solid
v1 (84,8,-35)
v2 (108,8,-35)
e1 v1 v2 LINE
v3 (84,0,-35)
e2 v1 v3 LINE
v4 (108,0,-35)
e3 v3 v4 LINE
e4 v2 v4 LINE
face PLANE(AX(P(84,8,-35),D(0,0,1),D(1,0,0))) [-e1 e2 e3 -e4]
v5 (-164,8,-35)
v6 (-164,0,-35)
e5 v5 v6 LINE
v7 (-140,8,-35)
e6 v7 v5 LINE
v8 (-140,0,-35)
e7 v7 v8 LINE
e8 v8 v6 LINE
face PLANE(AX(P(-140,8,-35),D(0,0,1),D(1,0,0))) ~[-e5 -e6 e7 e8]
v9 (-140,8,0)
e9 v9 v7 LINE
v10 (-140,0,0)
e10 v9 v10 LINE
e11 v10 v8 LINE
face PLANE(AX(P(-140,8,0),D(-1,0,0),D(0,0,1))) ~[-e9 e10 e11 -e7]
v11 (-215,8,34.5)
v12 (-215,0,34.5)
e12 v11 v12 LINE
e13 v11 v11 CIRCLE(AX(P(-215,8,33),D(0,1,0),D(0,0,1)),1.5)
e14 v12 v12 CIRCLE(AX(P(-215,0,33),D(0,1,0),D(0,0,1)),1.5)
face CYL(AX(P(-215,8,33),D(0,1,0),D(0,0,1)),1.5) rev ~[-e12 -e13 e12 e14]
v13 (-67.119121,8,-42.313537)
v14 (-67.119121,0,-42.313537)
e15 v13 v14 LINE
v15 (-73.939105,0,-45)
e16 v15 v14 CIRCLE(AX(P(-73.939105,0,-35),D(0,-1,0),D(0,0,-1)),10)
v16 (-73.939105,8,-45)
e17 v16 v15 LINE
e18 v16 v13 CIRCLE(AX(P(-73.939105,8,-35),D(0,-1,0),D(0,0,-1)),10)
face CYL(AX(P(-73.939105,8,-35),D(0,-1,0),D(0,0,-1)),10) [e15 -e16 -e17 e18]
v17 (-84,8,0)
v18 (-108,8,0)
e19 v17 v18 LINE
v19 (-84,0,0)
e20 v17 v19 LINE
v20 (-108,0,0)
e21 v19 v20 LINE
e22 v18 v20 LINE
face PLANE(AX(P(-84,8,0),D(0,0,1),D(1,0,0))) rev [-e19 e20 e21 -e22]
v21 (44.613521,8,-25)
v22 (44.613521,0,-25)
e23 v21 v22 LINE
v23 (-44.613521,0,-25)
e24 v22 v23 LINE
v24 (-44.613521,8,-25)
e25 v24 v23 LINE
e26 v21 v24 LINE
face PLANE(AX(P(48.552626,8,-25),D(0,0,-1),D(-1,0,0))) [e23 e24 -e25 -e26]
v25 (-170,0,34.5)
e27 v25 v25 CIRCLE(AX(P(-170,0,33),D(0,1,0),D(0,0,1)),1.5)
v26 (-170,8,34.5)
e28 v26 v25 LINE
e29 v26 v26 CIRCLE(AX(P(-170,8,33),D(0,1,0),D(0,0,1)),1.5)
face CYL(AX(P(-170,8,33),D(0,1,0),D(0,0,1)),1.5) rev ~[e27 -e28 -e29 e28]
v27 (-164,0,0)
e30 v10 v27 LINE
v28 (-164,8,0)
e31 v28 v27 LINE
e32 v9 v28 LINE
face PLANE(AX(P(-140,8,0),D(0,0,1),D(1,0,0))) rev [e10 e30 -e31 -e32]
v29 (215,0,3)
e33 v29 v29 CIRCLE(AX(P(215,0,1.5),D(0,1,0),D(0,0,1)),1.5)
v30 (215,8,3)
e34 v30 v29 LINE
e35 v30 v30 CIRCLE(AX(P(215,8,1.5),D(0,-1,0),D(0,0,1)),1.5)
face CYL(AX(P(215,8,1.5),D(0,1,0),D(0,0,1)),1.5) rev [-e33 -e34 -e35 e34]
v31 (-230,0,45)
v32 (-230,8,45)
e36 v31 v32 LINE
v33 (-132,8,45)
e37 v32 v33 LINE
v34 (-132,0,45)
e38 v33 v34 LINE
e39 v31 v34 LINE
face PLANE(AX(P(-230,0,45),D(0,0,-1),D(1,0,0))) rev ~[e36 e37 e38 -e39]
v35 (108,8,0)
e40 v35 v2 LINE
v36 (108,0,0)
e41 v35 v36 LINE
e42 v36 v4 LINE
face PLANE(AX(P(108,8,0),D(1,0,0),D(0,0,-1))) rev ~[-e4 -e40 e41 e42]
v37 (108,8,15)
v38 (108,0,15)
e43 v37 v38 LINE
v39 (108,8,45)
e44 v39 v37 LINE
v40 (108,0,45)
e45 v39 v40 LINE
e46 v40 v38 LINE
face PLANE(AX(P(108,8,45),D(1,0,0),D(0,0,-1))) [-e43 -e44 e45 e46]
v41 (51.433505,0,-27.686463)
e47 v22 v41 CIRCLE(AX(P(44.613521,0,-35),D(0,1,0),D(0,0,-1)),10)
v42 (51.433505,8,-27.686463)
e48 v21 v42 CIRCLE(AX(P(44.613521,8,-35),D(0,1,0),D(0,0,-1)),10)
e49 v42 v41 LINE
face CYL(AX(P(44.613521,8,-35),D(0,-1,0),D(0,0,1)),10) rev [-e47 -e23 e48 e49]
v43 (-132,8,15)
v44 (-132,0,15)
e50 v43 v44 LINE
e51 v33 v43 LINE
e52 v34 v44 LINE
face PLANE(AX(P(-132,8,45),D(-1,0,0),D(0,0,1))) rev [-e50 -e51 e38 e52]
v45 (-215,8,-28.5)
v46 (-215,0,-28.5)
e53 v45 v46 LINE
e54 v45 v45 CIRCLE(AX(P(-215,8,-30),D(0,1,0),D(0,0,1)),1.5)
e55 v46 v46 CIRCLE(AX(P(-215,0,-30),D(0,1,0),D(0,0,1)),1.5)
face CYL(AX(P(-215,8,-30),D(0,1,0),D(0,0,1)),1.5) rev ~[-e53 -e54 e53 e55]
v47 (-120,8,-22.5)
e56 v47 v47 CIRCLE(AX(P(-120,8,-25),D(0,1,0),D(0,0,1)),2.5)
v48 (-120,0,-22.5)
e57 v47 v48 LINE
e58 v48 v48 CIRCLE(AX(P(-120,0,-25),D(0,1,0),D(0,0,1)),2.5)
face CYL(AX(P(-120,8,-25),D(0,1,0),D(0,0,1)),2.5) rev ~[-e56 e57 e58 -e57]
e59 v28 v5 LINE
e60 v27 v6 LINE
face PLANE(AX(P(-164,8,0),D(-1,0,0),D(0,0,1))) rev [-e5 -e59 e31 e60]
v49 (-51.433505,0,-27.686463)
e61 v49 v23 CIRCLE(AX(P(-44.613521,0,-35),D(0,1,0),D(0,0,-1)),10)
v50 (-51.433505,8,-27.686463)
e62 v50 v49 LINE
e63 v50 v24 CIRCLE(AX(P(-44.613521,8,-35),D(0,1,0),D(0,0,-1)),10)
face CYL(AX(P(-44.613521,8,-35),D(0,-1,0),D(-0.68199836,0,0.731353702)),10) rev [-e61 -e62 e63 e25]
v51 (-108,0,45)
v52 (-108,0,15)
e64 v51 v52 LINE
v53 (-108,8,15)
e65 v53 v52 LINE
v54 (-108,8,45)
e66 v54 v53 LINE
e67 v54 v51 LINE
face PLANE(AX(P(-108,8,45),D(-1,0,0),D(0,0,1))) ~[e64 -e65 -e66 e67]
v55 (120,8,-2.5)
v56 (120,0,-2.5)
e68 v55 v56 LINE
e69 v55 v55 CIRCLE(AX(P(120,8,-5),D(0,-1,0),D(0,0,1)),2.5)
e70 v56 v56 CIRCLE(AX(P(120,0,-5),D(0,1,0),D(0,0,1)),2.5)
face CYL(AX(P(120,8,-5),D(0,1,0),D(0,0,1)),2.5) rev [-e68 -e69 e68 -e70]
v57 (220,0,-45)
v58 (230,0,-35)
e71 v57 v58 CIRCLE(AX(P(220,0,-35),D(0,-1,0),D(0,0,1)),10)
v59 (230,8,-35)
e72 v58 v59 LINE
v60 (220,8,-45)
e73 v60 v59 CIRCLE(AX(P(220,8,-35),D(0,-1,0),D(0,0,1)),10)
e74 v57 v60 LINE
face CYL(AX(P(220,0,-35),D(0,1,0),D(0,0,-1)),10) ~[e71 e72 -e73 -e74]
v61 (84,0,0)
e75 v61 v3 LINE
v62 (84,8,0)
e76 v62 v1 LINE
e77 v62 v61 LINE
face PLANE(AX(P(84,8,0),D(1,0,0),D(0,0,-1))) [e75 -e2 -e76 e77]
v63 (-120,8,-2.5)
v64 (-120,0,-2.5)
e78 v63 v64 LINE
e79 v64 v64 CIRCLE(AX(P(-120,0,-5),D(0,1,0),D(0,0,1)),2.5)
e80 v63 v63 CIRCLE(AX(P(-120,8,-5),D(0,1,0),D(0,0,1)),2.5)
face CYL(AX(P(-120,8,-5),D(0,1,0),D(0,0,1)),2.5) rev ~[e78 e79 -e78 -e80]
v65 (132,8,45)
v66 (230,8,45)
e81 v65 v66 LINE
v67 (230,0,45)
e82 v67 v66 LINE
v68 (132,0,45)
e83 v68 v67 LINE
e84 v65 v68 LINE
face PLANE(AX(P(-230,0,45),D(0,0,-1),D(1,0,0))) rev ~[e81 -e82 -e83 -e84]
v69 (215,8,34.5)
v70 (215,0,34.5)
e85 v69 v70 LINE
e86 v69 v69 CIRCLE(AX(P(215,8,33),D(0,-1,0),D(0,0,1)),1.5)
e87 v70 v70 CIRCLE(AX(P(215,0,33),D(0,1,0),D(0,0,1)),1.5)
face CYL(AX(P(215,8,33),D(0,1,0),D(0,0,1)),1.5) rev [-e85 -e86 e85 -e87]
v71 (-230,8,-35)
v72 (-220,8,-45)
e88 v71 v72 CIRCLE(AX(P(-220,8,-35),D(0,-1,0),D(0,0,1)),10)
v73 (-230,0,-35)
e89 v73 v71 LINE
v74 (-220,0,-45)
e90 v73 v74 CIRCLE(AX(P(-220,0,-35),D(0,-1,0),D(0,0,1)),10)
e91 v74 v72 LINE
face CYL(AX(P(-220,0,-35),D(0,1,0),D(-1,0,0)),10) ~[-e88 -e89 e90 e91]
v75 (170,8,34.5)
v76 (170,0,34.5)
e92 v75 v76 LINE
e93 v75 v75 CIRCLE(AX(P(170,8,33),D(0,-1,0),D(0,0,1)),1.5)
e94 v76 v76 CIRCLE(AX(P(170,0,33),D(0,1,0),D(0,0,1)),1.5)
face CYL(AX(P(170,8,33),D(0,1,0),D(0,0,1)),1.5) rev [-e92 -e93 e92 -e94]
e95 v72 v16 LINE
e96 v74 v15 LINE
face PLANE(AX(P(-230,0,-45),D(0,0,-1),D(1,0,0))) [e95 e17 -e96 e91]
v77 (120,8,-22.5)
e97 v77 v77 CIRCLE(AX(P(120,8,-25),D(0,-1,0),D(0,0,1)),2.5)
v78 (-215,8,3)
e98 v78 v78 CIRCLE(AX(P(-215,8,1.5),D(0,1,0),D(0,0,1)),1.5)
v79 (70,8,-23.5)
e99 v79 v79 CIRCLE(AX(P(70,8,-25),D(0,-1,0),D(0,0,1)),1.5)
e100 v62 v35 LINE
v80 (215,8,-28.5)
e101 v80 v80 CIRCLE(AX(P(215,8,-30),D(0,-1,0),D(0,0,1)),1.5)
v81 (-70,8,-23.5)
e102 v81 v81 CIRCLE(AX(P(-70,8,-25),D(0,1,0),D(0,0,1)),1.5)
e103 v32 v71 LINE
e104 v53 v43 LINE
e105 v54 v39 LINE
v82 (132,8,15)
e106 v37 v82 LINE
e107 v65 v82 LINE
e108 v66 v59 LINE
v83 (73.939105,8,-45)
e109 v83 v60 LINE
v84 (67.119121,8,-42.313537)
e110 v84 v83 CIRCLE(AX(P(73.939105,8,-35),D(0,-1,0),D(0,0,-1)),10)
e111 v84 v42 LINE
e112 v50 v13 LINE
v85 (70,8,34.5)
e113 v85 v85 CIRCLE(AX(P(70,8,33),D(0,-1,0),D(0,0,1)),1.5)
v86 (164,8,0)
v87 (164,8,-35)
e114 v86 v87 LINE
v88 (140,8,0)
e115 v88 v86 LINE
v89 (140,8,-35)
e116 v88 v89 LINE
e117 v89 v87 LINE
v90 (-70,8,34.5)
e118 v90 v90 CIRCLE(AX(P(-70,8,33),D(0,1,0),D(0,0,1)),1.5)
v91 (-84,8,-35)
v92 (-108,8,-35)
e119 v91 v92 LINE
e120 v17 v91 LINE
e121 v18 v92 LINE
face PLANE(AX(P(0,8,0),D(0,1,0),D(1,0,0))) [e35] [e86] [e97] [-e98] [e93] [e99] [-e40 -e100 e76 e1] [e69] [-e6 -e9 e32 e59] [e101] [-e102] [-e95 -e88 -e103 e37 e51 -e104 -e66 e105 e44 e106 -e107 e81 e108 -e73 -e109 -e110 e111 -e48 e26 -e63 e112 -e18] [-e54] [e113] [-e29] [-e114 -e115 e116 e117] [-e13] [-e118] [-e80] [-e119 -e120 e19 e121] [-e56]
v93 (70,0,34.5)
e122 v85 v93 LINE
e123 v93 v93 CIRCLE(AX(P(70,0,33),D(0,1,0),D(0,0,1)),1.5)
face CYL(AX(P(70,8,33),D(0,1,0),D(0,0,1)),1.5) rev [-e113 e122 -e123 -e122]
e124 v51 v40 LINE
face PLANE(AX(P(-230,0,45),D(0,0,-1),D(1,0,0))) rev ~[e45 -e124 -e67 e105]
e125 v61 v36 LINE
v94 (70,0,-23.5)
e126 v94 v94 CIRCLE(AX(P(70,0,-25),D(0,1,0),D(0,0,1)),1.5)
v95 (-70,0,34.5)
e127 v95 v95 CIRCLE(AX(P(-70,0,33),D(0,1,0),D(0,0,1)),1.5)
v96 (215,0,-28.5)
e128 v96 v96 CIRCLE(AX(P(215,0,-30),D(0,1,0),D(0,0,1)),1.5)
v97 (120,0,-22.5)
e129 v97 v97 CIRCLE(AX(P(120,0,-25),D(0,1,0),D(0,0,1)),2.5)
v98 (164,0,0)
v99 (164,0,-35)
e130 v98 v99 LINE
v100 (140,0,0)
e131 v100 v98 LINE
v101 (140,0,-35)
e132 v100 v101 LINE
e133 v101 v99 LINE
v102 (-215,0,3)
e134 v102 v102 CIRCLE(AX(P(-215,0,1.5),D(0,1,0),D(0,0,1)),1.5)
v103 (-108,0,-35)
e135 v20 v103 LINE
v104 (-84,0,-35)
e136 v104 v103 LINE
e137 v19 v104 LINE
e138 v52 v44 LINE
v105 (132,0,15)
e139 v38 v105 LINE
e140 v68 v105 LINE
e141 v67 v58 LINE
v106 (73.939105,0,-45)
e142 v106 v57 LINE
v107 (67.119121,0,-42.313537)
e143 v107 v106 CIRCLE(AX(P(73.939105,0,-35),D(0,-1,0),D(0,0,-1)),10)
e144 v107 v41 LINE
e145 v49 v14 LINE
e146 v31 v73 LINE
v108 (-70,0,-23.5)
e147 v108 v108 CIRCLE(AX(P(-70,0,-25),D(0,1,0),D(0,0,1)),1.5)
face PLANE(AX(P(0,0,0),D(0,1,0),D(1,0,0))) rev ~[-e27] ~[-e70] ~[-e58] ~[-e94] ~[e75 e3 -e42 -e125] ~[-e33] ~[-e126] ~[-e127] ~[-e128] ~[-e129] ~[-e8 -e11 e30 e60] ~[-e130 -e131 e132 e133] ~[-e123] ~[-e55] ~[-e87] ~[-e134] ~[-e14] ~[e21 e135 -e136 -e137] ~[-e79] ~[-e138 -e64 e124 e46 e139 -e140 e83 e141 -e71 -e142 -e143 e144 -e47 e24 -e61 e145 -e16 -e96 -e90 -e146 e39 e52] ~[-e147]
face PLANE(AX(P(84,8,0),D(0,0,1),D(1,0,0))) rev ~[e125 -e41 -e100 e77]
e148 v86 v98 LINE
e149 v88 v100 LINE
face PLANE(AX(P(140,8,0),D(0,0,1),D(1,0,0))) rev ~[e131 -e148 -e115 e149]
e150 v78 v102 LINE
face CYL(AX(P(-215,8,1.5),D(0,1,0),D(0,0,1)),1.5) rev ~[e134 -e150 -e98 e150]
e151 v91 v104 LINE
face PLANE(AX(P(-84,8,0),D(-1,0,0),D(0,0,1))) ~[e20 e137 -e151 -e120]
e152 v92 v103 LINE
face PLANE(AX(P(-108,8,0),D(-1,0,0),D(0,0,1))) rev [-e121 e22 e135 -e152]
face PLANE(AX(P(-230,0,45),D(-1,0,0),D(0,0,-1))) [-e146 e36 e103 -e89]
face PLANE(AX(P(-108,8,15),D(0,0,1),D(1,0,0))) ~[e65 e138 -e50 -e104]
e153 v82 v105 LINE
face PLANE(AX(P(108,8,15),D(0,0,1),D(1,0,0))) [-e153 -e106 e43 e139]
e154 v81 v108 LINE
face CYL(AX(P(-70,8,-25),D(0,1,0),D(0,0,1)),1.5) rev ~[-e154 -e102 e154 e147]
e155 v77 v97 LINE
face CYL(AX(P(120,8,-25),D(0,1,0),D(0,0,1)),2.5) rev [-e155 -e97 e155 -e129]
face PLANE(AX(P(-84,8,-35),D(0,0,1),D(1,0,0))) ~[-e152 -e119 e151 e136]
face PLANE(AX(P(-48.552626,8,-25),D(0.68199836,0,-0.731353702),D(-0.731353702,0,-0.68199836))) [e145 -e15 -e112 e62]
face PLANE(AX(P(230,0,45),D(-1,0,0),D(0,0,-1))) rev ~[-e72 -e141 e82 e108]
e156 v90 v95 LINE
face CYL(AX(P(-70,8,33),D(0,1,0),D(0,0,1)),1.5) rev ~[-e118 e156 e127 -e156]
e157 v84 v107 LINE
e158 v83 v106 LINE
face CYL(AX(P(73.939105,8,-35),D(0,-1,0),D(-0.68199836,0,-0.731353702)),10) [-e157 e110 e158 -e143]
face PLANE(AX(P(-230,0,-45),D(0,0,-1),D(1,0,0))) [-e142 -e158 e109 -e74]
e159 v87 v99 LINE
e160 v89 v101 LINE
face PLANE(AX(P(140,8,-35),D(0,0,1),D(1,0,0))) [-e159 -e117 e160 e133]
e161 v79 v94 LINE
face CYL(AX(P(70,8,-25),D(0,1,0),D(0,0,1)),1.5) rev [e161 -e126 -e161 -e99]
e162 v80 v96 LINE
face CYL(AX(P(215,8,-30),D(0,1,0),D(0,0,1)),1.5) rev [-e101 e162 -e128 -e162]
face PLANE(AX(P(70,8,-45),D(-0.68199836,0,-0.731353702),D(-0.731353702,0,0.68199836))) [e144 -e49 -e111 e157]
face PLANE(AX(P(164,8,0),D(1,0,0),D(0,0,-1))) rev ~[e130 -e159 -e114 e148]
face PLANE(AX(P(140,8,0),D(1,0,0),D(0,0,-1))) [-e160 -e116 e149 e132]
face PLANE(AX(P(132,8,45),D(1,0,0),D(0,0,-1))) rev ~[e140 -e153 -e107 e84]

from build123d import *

# Parameters (mm, degrees)
SKETCH_1_W          = 460
SKETCH_1_H          = 90
EXTRUDE_1_DEPTH     = 8
SKETCH_3_W          = 24
SKETCH_3_H          = 30
CUT_EXTRUDE_2_DEPTH = 235.49733474
SKETCH_2_W          = 24
SKETCH_2_H          = 35
CUT_EXTRUDE_3_DEPTH = 235.49733474
FILLET_1_R          = 10
SKETCH_19_R         = 2.5
CUT_EXTRUDE_4_DEPTH = 235.49733474
SKETCH_20_R         = 1.5
CUT_EXTRUDE_5_DEPTH = 235.49733474


with BuildPart() as part:
    # 草图1 → 凸台-拉伸1 (new body)
    with BuildSketch(Plane(origin=(0, 0, 0), x_dir=(1, 0, 0), z_dir=(0, 1, 0))):
        Rectangle(SKETCH_1_W, SKETCH_1_H)
    extrude(amount=EXTRUDE_1_DEPTH)

    # 草图3 → 切除-拉伸2 (cut, through all)
    with BuildSketch(Plane(origin=(0, 8, 0), x_dir=(1, 0, 0), z_dir=(0, 1, 0))):
        with Locations((120, -30)):
            Rectangle(SKETCH_3_W, SKETCH_3_H)
        Polygon((-70, 45), (70, 45), (48.5526258, 25), (-48.5526258, 25), align=None)
    cut_extrude_2 = extrude(amount=-CUT_EXTRUDE_2_DEPTH, mode=Mode.SUBTRACT)

    # 草图2 → 切除-拉伸3 (cut, through all)
    with BuildSketch(Plane(origin=(0, 8, 0), x_dir=(1, 0, 0), z_dir=(0, 1, 0))):
        with Locations((152, 17.5)):
            Rectangle(SKETCH_2_W, SKETCH_2_H)
        with Locations((96, 17.5)):
            Rectangle(SKETCH_2_W, SKETCH_2_H)
    cut_extrude_3 = extrude(amount=-CUT_EXTRUDE_3_DEPTH, mode=Mode.SUBTRACT)

    # 镜向1: 切除-拉伸2, 切除-拉伸3 across plane
    add(cut_extrude_2.mirror(Plane(origin=(0, 0, 0), x_dir=(0, 0, 1), z_dir=(1, 0, 0))), mode=Mode.SUBTRACT)
    add(cut_extrude_3.mirror(Plane(origin=(0, 0, 0), x_dir=(0, 0, 1), z_dir=(1, 0, 0))), mode=Mode.SUBTRACT)

    # 圆角1
    fillet_1_edges = [part.edges().sort_by_distance(p)[0] for p in [
        (-48.5526258, 4, -25),
        (-70, 4, -45),
        (70, 4, -45),
        (48.5526258, 4, -25),
        (-230, 4, -45),
        (230, 4, -45),
    ]]
    fillet(fillet_1_edges, radius=FILLET_1_R)

    # 草图19 → 切除-拉伸4 (cut, through all)
    with BuildSketch(Plane(origin=(0, 8, 0), x_dir=(1, 0, 0), z_dir=(0, 1, 0))):
        with Locations(Location((-120, 5, 0), (0, 0, 270))):
            Circle(SKETCH_19_R)
        with Locations(Location((-120, 25, 0), (0, 0, 270))):
            Circle(SKETCH_19_R)
    cut_extrude_4 = extrude(amount=-CUT_EXTRUDE_4_DEPTH, mode=Mode.SUBTRACT)

    # 镜向2: 切除-拉伸4 across plane
    add(cut_extrude_4.mirror(Plane(origin=(0, 0, 0), x_dir=(0, 0, 1), z_dir=(1, 0, 0))), mode=Mode.SUBTRACT)

    # 草图20 → 切除-拉伸5 (cut, through all)
    with BuildSketch(Plane(origin=(0, 8, 0), x_dir=(1, 0, 0), z_dir=(0, 1, 0))):
        with Locations(Location((-215, 30, 0), (0, 0, 270))):
            Circle(SKETCH_20_R)
        with Locations(Location((-215, -1.5, 0), (0, 0, 270))):
            Circle(SKETCH_20_R)
        with Locations(Location((-215, -33, 0), (0, 0, 270))):
            Circle(SKETCH_20_R)
        with Locations(Location((-70, 25, 0), (0, 0, 270))):
            Circle(SKETCH_20_R)
        with Locations(Location((-70, -33, 0), (0, 0, 270))):
            Circle(SKETCH_20_R)
        with Locations(Location((-170, -33, 0), (0, 0, 270))):
            Circle(SKETCH_20_R)
    cut_extrude_5 = extrude(amount=-CUT_EXTRUDE_5_DEPTH, mode=Mode.SUBTRACT)

    # 镜向3: 切除-拉伸5 across plane
    add(cut_extrude_5.mirror(Plane(origin=(0, 0, 0), x_dir=(0, 0, 1), z_dir=(1, 0, 0))), mode=Mode.SUBTRACT)


solid = part.part
